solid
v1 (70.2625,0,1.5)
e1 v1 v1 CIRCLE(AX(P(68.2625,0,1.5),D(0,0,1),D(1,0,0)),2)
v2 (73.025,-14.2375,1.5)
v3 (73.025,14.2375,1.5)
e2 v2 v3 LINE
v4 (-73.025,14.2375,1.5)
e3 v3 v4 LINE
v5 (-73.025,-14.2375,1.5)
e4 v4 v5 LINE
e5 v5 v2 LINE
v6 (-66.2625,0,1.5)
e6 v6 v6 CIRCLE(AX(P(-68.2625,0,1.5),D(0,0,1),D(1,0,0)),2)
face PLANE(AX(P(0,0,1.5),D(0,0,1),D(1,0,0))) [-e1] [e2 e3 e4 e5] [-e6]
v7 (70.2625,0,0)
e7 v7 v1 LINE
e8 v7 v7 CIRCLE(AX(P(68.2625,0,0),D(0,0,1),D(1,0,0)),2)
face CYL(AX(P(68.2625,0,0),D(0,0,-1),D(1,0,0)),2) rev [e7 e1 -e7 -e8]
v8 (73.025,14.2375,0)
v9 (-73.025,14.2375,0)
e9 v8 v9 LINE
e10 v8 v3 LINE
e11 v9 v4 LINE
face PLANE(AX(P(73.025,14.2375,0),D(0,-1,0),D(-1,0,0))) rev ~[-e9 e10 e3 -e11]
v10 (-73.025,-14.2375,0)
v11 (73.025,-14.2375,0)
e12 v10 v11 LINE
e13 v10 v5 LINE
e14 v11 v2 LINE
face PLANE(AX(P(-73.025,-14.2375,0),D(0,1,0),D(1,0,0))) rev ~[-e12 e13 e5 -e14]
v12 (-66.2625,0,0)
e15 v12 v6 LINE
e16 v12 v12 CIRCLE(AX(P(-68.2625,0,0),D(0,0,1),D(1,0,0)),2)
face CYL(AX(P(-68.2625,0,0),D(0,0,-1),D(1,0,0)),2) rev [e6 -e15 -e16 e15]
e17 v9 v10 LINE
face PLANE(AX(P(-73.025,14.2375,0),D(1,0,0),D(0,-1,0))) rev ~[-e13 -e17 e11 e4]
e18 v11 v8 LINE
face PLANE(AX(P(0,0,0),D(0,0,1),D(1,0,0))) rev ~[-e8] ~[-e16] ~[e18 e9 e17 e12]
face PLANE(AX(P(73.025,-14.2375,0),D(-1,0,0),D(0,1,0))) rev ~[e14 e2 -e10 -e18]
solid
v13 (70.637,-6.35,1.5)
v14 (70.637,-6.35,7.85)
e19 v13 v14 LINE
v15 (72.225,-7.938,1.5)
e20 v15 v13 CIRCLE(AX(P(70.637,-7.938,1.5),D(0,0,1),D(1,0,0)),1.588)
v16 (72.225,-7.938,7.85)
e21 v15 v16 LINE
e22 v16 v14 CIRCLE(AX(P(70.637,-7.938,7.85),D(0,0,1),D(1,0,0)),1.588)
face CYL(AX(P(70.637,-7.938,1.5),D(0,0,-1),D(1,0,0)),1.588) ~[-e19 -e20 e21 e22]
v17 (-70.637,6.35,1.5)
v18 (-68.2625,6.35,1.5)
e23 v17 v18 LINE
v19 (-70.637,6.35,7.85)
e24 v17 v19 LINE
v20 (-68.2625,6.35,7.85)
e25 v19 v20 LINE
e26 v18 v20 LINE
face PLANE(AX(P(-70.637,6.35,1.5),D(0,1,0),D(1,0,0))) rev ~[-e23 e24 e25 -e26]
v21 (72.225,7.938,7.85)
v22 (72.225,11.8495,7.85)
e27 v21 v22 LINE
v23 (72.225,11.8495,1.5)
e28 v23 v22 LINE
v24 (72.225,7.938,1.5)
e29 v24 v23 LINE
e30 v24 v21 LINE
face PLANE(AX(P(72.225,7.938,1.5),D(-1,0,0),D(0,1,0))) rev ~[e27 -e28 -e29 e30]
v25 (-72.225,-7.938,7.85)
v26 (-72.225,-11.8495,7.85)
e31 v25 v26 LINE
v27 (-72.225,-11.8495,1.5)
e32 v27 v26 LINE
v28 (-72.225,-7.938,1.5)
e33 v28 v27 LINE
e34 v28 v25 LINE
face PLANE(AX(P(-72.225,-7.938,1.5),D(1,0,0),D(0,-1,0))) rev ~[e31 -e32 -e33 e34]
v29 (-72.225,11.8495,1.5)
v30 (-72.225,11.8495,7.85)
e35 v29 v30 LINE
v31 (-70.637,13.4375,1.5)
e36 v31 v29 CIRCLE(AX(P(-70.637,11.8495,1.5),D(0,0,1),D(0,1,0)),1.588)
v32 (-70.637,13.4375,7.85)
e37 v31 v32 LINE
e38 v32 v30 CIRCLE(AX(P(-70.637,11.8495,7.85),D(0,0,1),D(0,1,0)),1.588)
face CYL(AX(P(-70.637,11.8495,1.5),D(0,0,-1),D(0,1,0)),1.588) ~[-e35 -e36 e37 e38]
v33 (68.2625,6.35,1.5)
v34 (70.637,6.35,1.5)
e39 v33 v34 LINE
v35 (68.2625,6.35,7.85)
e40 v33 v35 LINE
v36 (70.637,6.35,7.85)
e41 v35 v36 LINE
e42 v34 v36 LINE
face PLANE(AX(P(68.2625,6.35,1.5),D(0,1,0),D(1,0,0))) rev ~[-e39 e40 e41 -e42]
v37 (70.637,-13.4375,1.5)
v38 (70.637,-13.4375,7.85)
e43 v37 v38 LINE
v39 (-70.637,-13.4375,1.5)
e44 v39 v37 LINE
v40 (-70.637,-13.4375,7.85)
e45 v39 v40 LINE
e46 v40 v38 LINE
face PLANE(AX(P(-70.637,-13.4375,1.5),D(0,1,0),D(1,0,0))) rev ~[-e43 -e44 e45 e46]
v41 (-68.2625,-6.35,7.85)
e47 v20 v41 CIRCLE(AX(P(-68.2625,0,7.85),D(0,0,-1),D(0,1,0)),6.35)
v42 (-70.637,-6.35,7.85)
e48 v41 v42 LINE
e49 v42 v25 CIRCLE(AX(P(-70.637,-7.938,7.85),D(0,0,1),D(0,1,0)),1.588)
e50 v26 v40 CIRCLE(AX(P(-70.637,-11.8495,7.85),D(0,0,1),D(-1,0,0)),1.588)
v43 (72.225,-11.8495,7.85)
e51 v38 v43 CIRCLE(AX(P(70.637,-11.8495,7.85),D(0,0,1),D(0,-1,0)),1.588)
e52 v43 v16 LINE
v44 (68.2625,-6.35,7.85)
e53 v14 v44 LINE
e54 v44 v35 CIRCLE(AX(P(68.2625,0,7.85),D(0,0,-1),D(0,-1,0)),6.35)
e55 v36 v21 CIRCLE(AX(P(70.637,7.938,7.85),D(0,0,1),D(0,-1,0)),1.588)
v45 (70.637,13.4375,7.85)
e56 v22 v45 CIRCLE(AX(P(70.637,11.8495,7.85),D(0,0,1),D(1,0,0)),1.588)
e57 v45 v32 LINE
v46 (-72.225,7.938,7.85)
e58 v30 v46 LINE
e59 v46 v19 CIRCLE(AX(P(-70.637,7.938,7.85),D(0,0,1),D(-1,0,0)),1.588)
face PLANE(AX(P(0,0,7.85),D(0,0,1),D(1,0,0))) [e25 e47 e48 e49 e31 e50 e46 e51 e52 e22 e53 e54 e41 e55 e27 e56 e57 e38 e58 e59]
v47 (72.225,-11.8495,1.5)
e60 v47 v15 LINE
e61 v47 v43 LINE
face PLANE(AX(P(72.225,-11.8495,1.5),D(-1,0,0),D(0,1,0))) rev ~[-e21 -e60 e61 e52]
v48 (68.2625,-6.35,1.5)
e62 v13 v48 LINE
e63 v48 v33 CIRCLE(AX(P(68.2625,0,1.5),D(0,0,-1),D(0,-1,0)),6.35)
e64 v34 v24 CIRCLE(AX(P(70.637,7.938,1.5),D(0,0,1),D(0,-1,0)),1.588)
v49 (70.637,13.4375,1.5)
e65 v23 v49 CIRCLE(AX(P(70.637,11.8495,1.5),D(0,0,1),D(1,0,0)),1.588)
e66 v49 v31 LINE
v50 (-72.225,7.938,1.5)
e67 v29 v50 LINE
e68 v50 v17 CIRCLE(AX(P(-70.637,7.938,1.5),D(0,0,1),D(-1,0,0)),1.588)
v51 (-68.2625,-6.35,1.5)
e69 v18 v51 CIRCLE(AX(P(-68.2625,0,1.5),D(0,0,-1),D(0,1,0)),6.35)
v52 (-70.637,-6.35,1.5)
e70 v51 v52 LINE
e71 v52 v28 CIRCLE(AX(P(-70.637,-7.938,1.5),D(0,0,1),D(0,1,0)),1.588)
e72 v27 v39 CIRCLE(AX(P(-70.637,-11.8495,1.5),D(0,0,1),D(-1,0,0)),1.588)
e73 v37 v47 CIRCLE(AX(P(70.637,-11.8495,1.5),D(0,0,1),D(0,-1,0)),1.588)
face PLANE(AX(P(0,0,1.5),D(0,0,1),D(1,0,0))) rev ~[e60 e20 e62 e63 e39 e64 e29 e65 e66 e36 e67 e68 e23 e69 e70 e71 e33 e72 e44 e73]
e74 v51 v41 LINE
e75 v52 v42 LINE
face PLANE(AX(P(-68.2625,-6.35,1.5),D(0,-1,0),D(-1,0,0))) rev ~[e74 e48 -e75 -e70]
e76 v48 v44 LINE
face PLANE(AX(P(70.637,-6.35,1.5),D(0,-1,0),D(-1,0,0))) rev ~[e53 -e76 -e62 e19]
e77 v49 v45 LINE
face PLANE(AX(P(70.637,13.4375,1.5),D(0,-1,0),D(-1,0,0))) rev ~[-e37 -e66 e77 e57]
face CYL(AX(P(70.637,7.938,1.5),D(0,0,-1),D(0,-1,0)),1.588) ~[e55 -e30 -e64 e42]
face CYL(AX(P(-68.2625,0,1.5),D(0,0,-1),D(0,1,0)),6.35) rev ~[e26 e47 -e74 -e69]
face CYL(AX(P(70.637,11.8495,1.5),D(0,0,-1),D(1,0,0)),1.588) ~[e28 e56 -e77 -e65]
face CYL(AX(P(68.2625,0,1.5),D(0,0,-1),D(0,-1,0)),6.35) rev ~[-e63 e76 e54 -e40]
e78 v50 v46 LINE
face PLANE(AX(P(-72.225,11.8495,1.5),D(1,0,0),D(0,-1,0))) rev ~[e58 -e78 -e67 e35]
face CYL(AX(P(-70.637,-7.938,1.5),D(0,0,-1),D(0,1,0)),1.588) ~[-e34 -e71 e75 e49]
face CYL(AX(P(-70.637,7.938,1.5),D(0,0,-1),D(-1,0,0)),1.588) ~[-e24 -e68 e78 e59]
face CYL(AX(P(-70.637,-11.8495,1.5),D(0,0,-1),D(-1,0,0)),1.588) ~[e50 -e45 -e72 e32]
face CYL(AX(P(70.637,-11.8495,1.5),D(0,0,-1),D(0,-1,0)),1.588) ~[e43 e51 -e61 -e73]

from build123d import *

# Parameters (mm, degrees)
F0_R     = 4.7625
F0_R_2   = 2
F1_DEPTH = 1.5
F3_DEPTH = 6.35


with BuildPart() as f1:
    # F0 (on Top) → F1 (new body)
    with BuildSketch(Plane.XY):
        with BuildLine():
            Line((-73.025, 14.2375), (-73.025, 6.35))
            Line((-73.025, 6.35), (-68.2625, 6.35))
            ThreePointArc((-68.2625, 6.35), (-61.9125, 0), (-68.2625, -6.35))
            Line((-68.2625, -6.35), (-73.025, -6.35))
            Line((-73.025, -6.35), (-73.025, -14.2375))
            Line((-73.025, -14.2375), (73.025, -14.2375))
            Line((73.025, -14.2375), (73.025, -6.35))
            Line((73.025, -6.35), (68.2625, -6.35))
            ThreePointArc((68.2625, -6.35), (61.9125, 0), (68.2625, 6.35))
            Line((68.2625, 6.35), (73.025, 6.35))
            Line((73.025, 6.35), (73.025, 14.2375))
            Line((73.025, 14.2375), (-73.025, 14.2375))
        make_face()
        with BuildLine():
            Line((-73.025, 6.35), (-73.025, 2.98e-08))
            Line((-73.025, 2.98e-08), (-73.025, -6.35))
            Line((-73.025, -6.35), (-68.2625, -6.35))
            ThreePointArc((-68.2625, -6.35), (-61.9125, 0), (-68.2625, 6.35))
            Line((-68.2625, 6.35), (-73.025, 6.35))
        make_face()
        with BuildLine():
            ThreePointArc((-73.025, 2.98e-08), (-68.2624999851, 4.7625), (-63.5, 0))
            ThreePointArc((-63.5, 0), (-68.2625000149, -4.7625), (-73.025, 2.98e-08))
        make_face(mode=Mode.SUBTRACT)
        with BuildLine():
            Line((73.025, 0), (73.025, 6.35))
            Line((73.025, 6.35), (68.2625, 6.35))
            ThreePointArc((68.2625, 6.35), (61.9125, 0), (68.2625, -6.35))
            Line((68.2625, -6.35), (73.025, -6.35))
            Line((73.025, -6.35), (73.025, 0))
        make_face()
        with Locations((68.2625, 0)):
            Circle(F0_R, mode=Mode.SUBTRACT)
        with BuildLine():
            ThreePointArc((-73.025, 2.98e-08), (-68.2625000149, -4.7625), (-63.5, 0))
            ThreePointArc((-63.5, 0), (-68.2624999851, 4.7625), (-73.025, 2.98e-08))
        make_face()
        with Locations((-68.2625, 0)):
            Circle(F0_R_2, mode=Mode.SUBTRACT)
        with Locations((68.2625, 0)):
            Circle(F0_R)
        with Locations((68.2625, 0)):
            Circle(F0_R_2, mode=Mode.SUBTRACT)
    extrude(amount=F1_DEPTH)


with BuildPart() as f3:
    # F2 (on face) → F3 (new body)
    with BuildSketch(Plane.XY.offset(1.5)):
        with BuildLine():
            Line((70.637, -6.35), (68.2625, -6.35))
            ThreePointArc((68.2625, -6.35), (61.9125, 0), (68.2625, 6.35))
            Line((68.2625, 6.35), (70.637, 6.35))
            ThreePointArc((70.637, 6.35), (71.7598855685, 6.8151144315), (72.225, 7.938))
            Line((72.225, 7.938), (72.225, 11.8495))
            ThreePointArc((72.225, 11.8495), (71.7598855685, 12.9723855685), (70.637, 13.4375))
            Line((70.637, 13.4375), (-70.637, 13.4375))
            ThreePointArc((-70.637, 13.4375), (-71.7598855685, 12.9723855685), (-72.225, 11.8495))
            Line((-72.225, 11.8495), (-72.225, 7.938))
            ThreePointArc((-72.225, 7.938), (-71.7598855685, 6.8151144315), (-70.637, 6.35))
            Line((-70.637, 6.35), (-68.2625, 6.35))
            ThreePointArc((-68.2625, 6.35), (-61.9125, 0), (-68.2625, -6.35))
            Line((-68.2625, -6.35), (-70.637, -6.35))
            ThreePointArc((-70.637, -6.35), (-71.7598855685, -6.8151144315), (-72.225, -7.938))
            Line((-72.225, -7.938), (-72.225, -11.8495))
            ThreePointArc((-72.225, -11.8495), (-71.7598855685, -12.9723855685), (-70.637, -13.4375))
            Line((-70.637, -13.4375), (70.637, -13.4375))
            ThreePointArc((70.637, -13.4375), (71.7598855685, -12.9723855685), (72.225, -11.8495))
            Line((72.225, -11.8495), (72.225, -7.938))
            ThreePointArc((72.225, -7.938), (71.7598855685, -6.8151144315), (70.637, -6.35))
        make_face()
    extrude(amount=F3_DEPTH)


solid = Compound([f1.part, f3.part])
